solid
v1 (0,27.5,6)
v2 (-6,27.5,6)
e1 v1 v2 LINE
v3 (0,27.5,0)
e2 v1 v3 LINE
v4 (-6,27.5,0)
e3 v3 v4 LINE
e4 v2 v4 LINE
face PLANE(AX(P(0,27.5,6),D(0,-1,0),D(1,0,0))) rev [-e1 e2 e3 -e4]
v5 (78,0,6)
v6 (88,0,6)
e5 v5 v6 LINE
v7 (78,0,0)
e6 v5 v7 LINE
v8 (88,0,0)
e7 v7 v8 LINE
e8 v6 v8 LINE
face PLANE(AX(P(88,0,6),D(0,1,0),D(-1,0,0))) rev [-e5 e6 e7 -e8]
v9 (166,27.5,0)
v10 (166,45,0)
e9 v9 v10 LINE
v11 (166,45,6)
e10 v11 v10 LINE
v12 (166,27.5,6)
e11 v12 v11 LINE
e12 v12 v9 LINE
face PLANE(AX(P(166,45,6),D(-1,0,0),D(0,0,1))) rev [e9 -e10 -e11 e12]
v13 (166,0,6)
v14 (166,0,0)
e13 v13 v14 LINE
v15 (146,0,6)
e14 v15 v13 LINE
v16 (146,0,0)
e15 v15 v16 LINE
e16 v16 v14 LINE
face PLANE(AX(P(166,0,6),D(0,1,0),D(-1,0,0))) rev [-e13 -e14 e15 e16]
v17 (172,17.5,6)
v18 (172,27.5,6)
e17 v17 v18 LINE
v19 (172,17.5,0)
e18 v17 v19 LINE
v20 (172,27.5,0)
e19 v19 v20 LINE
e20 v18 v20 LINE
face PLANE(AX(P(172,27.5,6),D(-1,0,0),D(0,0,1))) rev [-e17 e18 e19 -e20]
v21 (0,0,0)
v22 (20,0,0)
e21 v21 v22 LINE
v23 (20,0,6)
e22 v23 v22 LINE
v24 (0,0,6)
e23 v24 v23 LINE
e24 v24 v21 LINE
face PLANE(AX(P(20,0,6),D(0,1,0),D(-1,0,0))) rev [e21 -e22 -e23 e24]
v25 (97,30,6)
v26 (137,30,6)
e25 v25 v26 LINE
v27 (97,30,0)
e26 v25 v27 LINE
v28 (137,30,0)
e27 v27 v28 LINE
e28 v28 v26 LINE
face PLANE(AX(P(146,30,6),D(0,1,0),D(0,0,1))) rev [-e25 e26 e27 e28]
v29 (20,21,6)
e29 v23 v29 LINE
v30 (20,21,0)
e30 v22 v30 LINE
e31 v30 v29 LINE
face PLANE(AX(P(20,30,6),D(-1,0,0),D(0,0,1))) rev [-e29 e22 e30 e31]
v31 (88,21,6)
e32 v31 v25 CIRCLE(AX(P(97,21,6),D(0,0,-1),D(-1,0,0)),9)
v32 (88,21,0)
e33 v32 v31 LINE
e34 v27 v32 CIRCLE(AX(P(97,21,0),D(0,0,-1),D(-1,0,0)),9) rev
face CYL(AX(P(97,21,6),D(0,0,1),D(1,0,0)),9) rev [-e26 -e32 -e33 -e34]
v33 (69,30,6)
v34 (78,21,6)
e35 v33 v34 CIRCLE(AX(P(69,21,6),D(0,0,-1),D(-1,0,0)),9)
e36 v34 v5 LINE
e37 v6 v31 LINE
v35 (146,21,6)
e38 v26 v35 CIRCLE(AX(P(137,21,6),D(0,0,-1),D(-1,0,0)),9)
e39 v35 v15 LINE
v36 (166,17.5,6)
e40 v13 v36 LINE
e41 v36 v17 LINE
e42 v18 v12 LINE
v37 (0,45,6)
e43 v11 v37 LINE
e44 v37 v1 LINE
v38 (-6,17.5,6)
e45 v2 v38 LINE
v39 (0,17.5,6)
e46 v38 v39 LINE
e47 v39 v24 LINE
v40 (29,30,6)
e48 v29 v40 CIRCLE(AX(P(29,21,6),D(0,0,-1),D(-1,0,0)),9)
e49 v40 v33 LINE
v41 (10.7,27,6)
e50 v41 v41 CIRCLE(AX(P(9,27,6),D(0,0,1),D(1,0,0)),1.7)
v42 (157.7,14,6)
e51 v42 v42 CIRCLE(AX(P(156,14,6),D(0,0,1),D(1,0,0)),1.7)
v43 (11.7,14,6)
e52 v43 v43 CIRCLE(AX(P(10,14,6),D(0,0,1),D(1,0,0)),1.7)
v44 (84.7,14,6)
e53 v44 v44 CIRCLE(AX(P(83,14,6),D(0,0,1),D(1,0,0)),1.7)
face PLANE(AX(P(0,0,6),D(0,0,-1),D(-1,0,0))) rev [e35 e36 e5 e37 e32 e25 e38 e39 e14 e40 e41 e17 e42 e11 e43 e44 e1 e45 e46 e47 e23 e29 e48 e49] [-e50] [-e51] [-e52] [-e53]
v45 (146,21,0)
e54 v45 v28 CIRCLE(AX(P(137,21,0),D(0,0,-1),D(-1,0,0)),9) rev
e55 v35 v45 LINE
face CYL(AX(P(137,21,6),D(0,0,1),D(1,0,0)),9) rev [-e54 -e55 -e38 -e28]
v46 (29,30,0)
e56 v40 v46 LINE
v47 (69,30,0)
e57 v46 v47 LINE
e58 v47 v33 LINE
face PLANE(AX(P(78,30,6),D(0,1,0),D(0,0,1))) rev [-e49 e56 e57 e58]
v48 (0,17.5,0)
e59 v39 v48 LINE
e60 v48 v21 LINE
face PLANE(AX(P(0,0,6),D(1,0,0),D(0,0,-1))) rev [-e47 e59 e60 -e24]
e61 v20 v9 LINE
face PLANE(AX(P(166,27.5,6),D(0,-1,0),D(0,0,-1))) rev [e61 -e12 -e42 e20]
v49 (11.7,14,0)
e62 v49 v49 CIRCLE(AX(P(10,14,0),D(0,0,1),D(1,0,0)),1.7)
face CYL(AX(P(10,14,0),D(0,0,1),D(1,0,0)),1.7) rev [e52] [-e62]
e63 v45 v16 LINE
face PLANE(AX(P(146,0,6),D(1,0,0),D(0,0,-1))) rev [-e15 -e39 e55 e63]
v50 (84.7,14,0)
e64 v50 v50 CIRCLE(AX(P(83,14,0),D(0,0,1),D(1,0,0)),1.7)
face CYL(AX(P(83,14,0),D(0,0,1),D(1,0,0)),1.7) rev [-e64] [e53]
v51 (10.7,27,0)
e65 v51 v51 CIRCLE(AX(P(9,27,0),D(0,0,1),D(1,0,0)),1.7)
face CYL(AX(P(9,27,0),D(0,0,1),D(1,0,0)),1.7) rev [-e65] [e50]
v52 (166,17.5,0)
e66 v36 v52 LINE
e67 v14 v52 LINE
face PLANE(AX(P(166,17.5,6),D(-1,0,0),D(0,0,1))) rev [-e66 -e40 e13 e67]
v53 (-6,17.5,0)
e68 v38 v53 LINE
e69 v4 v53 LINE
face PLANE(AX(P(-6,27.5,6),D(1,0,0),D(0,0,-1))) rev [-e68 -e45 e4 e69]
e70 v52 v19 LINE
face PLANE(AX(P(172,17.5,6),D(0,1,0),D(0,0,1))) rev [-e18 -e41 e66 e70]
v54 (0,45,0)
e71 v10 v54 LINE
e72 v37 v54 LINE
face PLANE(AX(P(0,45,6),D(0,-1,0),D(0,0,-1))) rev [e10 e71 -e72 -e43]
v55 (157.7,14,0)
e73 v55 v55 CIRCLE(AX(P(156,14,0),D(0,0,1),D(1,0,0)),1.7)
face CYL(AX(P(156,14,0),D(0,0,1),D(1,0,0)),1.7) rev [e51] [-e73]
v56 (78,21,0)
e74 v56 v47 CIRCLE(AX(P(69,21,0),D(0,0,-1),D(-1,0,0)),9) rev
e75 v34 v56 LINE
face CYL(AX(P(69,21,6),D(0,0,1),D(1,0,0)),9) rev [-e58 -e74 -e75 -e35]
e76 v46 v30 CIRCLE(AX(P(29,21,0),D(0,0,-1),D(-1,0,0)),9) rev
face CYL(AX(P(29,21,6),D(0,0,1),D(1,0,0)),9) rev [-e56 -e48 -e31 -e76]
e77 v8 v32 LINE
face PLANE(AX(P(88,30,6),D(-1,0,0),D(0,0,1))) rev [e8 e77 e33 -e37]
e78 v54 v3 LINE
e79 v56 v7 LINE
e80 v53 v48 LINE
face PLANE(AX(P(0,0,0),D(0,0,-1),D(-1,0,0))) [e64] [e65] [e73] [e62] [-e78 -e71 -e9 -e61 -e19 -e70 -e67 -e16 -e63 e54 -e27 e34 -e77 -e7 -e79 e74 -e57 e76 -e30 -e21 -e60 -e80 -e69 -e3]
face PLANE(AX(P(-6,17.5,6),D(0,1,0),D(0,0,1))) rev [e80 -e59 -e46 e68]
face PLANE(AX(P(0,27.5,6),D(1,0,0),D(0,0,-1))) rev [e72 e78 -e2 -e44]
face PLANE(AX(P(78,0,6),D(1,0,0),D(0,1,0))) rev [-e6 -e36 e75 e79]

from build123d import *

# Parameters (mm, degrees)
BOSS_EXTRUDE1_DEPTH = 6
FILLET1_R           = 9
SKETCH2_R           = 1.7
CUT_EXTRUDE1_DEPTH  = 178.890415706
SKETCH3_R           = 1.7
CUT_EXTRUDE2_DEPTH  = 178.890415706


with BuildPart() as part:
    # Sketch1 → Boss-Extrude1 (new body)
    with BuildSketch(Plane.XY):
        Polygon((0, 0), (0, 17.5), (-6, 17.5), (-6, 27.5), (0, 27.5), (0, 45), (166, 45), (166, 27.5), (172, 27.5), (172, 17.5), (166, 17.5), (166, 0), (146, 0), (146, 30), (88, 30), (88, 0), (78, 0), (78, 30), (20, 30), (20, 0), align=None)
    extrude(amount=BOSS_EXTRUDE1_DEPTH)

    # Fillet1
    fillet1_edges = [part.edges().sort_by_distance(p)[0] for p in [
        (146, 30, 3),
        (88, 30, 3),
        (78, 30, 3),
        (20, 30, 3),
    ]]
    fillet(fillet1_edges, radius=FILLET1_R)

    # Sketch2 → Cut-Extrude1 (cut, through all)
    with BuildSketch(Plane.XY.offset(6)):
        with Locations((10, 14)):
            Circle(SKETCH2_R)
        with Locations((83, 14)):
            Circle(SKETCH2_R)
        with Locations((156, 14)):
            Circle(SKETCH2_R)
    extrude(amount=-CUT_EXTRUDE1_DEPTH, mode=Mode.SUBTRACT)

    # Sketch3 → Cut-Extrude2 (cut, through all)
    with BuildSketch(Plane.XY.offset(6)):
        with Locations((9, 27)):
            Circle(SKETCH3_R)
    extrude(amount=-CUT_EXTRUDE2_DEPTH, mode=Mode.SUBTRACT)


solid = part.part
